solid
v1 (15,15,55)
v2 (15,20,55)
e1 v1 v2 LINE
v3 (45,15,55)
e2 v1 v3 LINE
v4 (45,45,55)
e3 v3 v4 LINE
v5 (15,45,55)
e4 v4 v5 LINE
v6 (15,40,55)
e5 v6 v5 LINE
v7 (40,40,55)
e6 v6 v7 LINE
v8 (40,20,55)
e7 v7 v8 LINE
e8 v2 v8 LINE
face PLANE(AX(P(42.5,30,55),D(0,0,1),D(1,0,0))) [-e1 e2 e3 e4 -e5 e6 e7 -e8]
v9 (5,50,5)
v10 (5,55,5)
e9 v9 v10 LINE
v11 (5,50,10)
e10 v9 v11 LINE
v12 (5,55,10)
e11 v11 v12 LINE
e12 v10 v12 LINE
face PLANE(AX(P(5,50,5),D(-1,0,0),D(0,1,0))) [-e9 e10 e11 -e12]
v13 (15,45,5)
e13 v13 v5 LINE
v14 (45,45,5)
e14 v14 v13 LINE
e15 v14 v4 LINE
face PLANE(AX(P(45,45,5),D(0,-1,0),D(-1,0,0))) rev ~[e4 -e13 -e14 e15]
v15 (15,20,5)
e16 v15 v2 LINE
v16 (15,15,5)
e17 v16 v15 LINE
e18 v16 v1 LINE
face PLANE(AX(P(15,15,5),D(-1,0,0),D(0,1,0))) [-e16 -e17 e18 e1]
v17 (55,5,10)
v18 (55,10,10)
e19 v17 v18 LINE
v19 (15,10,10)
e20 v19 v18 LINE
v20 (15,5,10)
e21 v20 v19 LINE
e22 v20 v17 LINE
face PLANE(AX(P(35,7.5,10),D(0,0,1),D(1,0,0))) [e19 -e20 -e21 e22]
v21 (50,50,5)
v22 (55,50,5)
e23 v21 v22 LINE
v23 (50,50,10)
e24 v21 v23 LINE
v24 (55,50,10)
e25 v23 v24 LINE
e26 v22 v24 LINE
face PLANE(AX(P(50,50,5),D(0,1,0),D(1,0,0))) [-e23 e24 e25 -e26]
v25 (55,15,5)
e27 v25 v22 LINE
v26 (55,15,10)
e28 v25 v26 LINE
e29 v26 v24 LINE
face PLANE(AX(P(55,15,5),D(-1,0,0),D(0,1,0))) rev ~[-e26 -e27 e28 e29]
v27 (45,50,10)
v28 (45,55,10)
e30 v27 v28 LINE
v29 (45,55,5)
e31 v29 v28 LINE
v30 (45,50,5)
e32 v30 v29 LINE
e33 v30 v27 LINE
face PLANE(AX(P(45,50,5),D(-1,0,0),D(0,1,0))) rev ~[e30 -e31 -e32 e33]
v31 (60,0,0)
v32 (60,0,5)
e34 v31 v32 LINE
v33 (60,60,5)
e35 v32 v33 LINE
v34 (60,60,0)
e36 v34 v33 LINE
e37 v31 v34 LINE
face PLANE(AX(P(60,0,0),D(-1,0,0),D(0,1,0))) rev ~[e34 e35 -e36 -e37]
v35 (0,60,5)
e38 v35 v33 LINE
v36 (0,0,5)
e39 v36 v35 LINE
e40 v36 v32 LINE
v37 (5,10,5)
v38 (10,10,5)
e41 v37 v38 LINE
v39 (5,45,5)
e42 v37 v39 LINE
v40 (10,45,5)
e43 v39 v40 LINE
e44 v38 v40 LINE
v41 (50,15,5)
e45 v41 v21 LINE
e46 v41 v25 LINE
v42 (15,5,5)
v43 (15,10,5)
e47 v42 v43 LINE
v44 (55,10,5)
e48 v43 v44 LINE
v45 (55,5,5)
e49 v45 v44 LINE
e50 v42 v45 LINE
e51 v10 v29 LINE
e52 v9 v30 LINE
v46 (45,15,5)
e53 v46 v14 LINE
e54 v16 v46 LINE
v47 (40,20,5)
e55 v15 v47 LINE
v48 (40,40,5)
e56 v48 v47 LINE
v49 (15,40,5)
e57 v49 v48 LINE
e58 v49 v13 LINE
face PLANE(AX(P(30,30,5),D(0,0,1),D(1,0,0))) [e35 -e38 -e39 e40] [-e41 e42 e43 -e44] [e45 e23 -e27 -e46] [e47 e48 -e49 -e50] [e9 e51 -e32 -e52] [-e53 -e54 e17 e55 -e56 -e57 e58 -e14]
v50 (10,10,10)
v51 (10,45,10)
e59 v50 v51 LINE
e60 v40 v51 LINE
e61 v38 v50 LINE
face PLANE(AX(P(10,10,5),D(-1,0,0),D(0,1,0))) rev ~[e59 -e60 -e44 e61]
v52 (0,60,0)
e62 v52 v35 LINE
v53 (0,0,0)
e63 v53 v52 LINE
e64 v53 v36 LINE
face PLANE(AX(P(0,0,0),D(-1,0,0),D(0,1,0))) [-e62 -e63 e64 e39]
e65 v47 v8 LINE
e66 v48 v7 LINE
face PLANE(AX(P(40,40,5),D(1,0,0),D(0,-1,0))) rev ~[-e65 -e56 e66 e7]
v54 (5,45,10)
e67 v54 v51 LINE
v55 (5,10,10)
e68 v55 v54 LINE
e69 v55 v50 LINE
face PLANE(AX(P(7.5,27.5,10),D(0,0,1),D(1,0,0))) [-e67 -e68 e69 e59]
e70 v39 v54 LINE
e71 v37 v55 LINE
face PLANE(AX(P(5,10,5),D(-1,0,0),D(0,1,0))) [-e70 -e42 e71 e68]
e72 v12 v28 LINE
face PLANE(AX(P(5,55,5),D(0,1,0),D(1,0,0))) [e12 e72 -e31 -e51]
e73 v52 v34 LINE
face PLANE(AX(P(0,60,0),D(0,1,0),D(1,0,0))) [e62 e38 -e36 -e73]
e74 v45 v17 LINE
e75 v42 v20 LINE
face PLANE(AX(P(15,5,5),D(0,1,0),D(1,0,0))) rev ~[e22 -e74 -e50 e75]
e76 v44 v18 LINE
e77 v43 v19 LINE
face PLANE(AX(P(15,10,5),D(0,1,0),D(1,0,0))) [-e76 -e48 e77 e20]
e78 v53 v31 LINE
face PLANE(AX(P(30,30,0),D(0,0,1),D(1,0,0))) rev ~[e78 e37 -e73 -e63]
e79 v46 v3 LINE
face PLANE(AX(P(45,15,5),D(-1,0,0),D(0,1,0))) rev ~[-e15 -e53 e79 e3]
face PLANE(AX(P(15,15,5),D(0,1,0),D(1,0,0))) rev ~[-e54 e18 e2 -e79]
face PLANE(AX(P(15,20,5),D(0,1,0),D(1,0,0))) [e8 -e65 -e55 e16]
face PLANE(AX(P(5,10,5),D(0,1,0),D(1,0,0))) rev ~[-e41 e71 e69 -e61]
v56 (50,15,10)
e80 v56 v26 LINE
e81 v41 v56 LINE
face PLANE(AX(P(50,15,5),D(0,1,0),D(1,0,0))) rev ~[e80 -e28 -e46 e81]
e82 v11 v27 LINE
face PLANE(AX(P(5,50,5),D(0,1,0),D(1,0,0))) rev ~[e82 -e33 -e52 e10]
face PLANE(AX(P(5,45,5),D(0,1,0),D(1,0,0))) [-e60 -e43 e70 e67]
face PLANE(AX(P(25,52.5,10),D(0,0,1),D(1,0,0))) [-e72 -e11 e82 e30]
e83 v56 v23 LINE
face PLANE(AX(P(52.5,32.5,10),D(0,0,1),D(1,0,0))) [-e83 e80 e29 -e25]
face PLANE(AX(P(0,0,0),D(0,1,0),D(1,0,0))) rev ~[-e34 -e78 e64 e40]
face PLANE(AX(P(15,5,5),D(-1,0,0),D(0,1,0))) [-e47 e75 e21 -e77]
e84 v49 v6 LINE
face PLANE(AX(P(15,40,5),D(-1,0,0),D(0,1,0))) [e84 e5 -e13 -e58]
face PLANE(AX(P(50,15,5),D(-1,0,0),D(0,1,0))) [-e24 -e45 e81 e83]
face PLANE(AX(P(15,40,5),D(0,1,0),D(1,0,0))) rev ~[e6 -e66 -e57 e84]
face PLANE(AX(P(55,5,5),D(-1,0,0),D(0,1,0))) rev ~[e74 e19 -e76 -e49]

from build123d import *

# Parameters (mm, degrees)
F0_W     = 60
F0_H     = 60
F1_DEPTH = 5
F2_W     = 40
F2_H     = 5
F2_W_2   = 5
F2_H_2   = 35
F3_DEPTH = 5
F4_W     = 25
F4_H     = 5
F5_DEPTH = 50


with BuildPart() as f1:
    # F0 (on Top) → F1 (new body)
    with BuildSketch(Plane.XY):
        with Locations((30, 30)):
            Rectangle(F0_W, F0_H)
    extrude(amount=F1_DEPTH)

    # F2 (on face) → F3 (join)
    with BuildSketch(Plane.XY.offset(5)):
        with Locations((35, 7.5)):
            Rectangle(F2_W, F2_H)
        with Locations((52.5, 32.5)):
            Rectangle(F2_W_2, F2_H_2)
        with Locations((25, 52.5)):
            Rectangle(F2_W, F2_H)
        with Locations((7.5, 27.5)):
            Rectangle(F2_W_2, F2_H_2)
    extrude(amount=F3_DEPTH)

    # F4 (on face) → F5 (join)
    with BuildSketch(Plane.XY.offset(5)):
        Polygon((45, 45), (40, 45), (40, 40), (40, 20), (40, 15), (45, 15), align=None)
        with Locations((27.5, 42.5)):
            Rectangle(F4_W, F4_H)
        with Locations((27.5, 17.5)):
            Rectangle(F4_W, F4_H)
    extrude(amount=F5_DEPTH)


solid = f1.part
